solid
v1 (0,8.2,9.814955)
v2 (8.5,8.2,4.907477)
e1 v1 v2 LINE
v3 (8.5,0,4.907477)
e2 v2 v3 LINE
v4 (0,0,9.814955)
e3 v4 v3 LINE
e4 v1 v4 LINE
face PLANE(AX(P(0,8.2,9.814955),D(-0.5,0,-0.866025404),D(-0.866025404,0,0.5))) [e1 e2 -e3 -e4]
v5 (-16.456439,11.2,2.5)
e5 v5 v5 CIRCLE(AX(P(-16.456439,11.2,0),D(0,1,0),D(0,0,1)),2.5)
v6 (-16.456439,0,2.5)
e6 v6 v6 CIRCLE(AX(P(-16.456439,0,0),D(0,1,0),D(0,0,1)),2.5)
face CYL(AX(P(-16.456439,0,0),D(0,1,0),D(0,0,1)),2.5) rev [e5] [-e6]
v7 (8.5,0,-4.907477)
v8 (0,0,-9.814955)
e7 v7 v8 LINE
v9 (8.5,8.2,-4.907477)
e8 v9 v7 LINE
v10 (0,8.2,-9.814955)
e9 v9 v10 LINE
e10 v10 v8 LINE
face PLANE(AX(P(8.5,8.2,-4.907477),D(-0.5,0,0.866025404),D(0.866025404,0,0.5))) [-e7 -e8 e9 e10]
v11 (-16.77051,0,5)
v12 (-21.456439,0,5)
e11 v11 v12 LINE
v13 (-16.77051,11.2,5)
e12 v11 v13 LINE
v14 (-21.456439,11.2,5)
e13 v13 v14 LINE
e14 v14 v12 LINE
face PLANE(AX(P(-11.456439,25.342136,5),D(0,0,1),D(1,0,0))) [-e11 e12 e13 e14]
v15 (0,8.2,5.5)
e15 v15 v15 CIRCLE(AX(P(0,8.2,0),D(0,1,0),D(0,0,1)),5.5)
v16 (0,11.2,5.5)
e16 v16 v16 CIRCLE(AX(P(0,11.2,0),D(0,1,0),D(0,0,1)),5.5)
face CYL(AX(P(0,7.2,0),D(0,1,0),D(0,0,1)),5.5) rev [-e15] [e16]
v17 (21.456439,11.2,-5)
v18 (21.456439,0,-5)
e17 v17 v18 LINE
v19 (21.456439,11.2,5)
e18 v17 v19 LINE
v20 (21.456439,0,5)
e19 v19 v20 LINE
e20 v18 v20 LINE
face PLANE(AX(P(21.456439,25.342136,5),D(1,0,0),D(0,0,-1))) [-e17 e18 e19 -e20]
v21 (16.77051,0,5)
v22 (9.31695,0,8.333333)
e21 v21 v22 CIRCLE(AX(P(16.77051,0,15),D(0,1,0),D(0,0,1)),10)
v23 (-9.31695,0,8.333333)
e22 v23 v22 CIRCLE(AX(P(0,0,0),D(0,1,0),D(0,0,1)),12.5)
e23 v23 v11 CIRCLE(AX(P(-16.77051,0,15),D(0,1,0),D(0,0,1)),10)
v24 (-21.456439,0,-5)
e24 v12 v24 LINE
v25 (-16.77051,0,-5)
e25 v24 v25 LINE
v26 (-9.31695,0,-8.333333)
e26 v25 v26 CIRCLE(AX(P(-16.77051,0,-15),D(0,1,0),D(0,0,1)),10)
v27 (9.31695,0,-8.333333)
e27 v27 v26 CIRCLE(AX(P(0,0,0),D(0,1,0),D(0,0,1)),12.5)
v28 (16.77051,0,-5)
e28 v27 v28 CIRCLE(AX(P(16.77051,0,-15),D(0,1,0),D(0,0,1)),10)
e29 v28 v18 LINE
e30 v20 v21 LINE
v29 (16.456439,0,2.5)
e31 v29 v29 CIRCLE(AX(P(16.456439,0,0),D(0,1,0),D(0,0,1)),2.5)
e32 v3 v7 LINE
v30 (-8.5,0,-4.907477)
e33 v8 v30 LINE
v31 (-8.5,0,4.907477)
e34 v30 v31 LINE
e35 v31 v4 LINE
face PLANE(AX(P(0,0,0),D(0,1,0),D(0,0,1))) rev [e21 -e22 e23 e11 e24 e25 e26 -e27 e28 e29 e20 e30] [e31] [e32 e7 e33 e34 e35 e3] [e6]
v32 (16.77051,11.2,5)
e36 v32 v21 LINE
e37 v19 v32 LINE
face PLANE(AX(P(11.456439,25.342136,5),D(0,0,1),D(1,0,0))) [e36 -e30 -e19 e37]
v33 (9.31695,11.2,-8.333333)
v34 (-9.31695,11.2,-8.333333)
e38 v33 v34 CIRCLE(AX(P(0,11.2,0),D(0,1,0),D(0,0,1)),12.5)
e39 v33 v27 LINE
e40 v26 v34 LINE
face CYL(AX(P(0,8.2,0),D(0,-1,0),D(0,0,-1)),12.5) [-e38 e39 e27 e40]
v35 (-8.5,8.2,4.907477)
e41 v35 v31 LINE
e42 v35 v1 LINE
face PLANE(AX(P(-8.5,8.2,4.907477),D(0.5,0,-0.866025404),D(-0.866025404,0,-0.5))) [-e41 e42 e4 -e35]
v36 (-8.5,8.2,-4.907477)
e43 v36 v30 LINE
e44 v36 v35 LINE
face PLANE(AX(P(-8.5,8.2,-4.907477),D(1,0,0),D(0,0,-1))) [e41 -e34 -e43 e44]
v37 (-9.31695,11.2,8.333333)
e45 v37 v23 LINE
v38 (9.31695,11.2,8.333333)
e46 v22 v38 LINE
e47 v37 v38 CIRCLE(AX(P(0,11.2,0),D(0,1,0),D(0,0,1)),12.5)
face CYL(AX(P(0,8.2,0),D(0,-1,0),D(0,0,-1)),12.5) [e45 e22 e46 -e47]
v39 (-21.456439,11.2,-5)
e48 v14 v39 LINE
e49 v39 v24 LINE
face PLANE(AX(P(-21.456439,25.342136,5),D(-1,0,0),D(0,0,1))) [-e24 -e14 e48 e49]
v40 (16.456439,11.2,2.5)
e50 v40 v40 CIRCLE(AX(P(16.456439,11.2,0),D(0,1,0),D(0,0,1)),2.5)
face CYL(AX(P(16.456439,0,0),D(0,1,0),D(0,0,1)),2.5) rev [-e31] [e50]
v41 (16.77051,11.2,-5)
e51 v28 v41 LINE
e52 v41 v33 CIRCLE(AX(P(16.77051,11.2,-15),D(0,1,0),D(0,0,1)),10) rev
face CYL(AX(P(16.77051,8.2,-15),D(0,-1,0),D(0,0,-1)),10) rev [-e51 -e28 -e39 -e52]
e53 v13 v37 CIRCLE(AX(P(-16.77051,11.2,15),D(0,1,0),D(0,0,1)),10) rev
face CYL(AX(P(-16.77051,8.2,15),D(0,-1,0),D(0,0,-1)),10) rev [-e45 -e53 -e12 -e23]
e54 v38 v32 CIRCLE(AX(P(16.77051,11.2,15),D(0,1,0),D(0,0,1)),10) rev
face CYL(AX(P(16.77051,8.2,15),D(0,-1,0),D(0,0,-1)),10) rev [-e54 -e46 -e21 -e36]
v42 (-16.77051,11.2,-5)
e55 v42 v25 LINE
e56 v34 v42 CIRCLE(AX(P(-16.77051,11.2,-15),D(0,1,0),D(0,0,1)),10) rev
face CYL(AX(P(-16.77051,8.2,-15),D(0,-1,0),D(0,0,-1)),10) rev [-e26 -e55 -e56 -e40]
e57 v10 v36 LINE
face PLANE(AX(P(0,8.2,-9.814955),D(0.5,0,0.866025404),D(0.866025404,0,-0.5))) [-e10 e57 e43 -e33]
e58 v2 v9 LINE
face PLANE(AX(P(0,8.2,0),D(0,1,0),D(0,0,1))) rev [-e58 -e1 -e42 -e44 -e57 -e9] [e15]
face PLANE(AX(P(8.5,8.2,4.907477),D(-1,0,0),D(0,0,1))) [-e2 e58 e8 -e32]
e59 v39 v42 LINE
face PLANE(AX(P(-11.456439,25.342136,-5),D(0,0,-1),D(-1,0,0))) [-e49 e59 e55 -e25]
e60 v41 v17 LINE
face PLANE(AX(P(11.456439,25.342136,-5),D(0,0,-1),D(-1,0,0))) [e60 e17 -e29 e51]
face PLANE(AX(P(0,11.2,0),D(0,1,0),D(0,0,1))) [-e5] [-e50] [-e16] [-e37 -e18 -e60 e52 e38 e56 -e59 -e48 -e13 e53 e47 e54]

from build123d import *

# Parameters (mm, degrees)
SKETCH_1_R          = 12.5
EXTRUDE_1_DEPTH     = 8.2
SKETCH_2_R          = 12.5
EXTRUDE_2_DEPTH     = 3
SKETCH_3_W          = 10
SKETCH_3_H          = 10
EXTRUDE_3_DEPTH     = 11.2
FILLET_1_R          = 10
SKETCH_4_R          = 2.5
CUT_EXTRUDE_4_DEPTH = 28.240939498
SKETCH_5_R          = 5.5
CUT_EXTRUDE_5_DEPTH = 4


with BuildPart() as part:
    # Эскиз1 → Вытянуть1 (new body)
    with BuildSketch(Plane(origin=(0, 0, 0), x_dir=(1, 0, 0), z_dir=(0, 1, 0))):
        with Locations(Location((0, 0, 0), (0, 0, 270))):
            Circle(SKETCH_1_R)
        Polygon((8.5, -4.907477288), (8.5, 4.907477288), (0, 9.814954576), (-8.5, 4.907477288), (-8.5, -4.907477288), (0, -9.814954576), align=None, mode=Mode.SUBTRACT)
    extrude(amount=EXTRUDE_1_DEPTH)

    # Эскиз2 → Вытянуть2 (add)
    with BuildSketch(Plane(origin=(0, 8.2, 0), x_dir=(1, 0, 0), z_dir=(0, 1, 0))):
        with Locations(Location((0, 0, 0), (0, 0, 270))):
            Circle(SKETCH_2_R)
    extrude(amount=EXTRUDE_2_DEPTH)

    # Эскиз3 → Вытянуть3 (add)
    with BuildSketch(Plane.XZ):
        with Locations((16.456439237, 0)):
            Rectangle(SKETCH_3_W, SKETCH_3_H)
        with Locations((-16.456439237, 0)):
            Rectangle(SKETCH_3_W, SKETCH_3_H)
    extrude(amount=-EXTRUDE_3_DEPTH)

    # Скругление1
    fillet_1_edges = [part.edges().sort_by_distance(p)[0] for p in [
        (11.456439237, 5.6, 5),
        (11.456439237, 5.6, -5),
        (-11.456439237, 5.6, -5),
        (-11.456439237, 5.6, 5),
    ]]
    fillet(fillet_1_edges, radius=FILLET_1_R)

    # Эскиз4 → Вытянуть4 (cut, through all)
    with BuildSketch(Plane(origin=(0, 11.2, 0), x_dir=(1, 0, 0), z_dir=(0, 1, 0))):
        with Locations(Location((16.456439237, 0, 0), (0, 0, 270))):
            Circle(SKETCH_4_R)
        with Locations(Location((-16.456439237, 0, 0), (0, 0, 270))):
            Circle(SKETCH_4_R)
    extrude(amount=-CUT_EXTRUDE_4_DEPTH, mode=Mode.SUBTRACT)

    # Эскиз5 → Вытянуть5 (cut)
    with BuildSketch(Plane(origin=(0, 11.2, 0), x_dir=(1, 0, 0), z_dir=(0, 1, 0))):
        with Locations(Location((0, 0, 0), (0, 0, 270))):
            Circle(SKETCH_5_R)
    extrude(amount=-CUT_EXTRUDE_5_DEPTH, mode=Mode.SUBTRACT)


solid = part.part
